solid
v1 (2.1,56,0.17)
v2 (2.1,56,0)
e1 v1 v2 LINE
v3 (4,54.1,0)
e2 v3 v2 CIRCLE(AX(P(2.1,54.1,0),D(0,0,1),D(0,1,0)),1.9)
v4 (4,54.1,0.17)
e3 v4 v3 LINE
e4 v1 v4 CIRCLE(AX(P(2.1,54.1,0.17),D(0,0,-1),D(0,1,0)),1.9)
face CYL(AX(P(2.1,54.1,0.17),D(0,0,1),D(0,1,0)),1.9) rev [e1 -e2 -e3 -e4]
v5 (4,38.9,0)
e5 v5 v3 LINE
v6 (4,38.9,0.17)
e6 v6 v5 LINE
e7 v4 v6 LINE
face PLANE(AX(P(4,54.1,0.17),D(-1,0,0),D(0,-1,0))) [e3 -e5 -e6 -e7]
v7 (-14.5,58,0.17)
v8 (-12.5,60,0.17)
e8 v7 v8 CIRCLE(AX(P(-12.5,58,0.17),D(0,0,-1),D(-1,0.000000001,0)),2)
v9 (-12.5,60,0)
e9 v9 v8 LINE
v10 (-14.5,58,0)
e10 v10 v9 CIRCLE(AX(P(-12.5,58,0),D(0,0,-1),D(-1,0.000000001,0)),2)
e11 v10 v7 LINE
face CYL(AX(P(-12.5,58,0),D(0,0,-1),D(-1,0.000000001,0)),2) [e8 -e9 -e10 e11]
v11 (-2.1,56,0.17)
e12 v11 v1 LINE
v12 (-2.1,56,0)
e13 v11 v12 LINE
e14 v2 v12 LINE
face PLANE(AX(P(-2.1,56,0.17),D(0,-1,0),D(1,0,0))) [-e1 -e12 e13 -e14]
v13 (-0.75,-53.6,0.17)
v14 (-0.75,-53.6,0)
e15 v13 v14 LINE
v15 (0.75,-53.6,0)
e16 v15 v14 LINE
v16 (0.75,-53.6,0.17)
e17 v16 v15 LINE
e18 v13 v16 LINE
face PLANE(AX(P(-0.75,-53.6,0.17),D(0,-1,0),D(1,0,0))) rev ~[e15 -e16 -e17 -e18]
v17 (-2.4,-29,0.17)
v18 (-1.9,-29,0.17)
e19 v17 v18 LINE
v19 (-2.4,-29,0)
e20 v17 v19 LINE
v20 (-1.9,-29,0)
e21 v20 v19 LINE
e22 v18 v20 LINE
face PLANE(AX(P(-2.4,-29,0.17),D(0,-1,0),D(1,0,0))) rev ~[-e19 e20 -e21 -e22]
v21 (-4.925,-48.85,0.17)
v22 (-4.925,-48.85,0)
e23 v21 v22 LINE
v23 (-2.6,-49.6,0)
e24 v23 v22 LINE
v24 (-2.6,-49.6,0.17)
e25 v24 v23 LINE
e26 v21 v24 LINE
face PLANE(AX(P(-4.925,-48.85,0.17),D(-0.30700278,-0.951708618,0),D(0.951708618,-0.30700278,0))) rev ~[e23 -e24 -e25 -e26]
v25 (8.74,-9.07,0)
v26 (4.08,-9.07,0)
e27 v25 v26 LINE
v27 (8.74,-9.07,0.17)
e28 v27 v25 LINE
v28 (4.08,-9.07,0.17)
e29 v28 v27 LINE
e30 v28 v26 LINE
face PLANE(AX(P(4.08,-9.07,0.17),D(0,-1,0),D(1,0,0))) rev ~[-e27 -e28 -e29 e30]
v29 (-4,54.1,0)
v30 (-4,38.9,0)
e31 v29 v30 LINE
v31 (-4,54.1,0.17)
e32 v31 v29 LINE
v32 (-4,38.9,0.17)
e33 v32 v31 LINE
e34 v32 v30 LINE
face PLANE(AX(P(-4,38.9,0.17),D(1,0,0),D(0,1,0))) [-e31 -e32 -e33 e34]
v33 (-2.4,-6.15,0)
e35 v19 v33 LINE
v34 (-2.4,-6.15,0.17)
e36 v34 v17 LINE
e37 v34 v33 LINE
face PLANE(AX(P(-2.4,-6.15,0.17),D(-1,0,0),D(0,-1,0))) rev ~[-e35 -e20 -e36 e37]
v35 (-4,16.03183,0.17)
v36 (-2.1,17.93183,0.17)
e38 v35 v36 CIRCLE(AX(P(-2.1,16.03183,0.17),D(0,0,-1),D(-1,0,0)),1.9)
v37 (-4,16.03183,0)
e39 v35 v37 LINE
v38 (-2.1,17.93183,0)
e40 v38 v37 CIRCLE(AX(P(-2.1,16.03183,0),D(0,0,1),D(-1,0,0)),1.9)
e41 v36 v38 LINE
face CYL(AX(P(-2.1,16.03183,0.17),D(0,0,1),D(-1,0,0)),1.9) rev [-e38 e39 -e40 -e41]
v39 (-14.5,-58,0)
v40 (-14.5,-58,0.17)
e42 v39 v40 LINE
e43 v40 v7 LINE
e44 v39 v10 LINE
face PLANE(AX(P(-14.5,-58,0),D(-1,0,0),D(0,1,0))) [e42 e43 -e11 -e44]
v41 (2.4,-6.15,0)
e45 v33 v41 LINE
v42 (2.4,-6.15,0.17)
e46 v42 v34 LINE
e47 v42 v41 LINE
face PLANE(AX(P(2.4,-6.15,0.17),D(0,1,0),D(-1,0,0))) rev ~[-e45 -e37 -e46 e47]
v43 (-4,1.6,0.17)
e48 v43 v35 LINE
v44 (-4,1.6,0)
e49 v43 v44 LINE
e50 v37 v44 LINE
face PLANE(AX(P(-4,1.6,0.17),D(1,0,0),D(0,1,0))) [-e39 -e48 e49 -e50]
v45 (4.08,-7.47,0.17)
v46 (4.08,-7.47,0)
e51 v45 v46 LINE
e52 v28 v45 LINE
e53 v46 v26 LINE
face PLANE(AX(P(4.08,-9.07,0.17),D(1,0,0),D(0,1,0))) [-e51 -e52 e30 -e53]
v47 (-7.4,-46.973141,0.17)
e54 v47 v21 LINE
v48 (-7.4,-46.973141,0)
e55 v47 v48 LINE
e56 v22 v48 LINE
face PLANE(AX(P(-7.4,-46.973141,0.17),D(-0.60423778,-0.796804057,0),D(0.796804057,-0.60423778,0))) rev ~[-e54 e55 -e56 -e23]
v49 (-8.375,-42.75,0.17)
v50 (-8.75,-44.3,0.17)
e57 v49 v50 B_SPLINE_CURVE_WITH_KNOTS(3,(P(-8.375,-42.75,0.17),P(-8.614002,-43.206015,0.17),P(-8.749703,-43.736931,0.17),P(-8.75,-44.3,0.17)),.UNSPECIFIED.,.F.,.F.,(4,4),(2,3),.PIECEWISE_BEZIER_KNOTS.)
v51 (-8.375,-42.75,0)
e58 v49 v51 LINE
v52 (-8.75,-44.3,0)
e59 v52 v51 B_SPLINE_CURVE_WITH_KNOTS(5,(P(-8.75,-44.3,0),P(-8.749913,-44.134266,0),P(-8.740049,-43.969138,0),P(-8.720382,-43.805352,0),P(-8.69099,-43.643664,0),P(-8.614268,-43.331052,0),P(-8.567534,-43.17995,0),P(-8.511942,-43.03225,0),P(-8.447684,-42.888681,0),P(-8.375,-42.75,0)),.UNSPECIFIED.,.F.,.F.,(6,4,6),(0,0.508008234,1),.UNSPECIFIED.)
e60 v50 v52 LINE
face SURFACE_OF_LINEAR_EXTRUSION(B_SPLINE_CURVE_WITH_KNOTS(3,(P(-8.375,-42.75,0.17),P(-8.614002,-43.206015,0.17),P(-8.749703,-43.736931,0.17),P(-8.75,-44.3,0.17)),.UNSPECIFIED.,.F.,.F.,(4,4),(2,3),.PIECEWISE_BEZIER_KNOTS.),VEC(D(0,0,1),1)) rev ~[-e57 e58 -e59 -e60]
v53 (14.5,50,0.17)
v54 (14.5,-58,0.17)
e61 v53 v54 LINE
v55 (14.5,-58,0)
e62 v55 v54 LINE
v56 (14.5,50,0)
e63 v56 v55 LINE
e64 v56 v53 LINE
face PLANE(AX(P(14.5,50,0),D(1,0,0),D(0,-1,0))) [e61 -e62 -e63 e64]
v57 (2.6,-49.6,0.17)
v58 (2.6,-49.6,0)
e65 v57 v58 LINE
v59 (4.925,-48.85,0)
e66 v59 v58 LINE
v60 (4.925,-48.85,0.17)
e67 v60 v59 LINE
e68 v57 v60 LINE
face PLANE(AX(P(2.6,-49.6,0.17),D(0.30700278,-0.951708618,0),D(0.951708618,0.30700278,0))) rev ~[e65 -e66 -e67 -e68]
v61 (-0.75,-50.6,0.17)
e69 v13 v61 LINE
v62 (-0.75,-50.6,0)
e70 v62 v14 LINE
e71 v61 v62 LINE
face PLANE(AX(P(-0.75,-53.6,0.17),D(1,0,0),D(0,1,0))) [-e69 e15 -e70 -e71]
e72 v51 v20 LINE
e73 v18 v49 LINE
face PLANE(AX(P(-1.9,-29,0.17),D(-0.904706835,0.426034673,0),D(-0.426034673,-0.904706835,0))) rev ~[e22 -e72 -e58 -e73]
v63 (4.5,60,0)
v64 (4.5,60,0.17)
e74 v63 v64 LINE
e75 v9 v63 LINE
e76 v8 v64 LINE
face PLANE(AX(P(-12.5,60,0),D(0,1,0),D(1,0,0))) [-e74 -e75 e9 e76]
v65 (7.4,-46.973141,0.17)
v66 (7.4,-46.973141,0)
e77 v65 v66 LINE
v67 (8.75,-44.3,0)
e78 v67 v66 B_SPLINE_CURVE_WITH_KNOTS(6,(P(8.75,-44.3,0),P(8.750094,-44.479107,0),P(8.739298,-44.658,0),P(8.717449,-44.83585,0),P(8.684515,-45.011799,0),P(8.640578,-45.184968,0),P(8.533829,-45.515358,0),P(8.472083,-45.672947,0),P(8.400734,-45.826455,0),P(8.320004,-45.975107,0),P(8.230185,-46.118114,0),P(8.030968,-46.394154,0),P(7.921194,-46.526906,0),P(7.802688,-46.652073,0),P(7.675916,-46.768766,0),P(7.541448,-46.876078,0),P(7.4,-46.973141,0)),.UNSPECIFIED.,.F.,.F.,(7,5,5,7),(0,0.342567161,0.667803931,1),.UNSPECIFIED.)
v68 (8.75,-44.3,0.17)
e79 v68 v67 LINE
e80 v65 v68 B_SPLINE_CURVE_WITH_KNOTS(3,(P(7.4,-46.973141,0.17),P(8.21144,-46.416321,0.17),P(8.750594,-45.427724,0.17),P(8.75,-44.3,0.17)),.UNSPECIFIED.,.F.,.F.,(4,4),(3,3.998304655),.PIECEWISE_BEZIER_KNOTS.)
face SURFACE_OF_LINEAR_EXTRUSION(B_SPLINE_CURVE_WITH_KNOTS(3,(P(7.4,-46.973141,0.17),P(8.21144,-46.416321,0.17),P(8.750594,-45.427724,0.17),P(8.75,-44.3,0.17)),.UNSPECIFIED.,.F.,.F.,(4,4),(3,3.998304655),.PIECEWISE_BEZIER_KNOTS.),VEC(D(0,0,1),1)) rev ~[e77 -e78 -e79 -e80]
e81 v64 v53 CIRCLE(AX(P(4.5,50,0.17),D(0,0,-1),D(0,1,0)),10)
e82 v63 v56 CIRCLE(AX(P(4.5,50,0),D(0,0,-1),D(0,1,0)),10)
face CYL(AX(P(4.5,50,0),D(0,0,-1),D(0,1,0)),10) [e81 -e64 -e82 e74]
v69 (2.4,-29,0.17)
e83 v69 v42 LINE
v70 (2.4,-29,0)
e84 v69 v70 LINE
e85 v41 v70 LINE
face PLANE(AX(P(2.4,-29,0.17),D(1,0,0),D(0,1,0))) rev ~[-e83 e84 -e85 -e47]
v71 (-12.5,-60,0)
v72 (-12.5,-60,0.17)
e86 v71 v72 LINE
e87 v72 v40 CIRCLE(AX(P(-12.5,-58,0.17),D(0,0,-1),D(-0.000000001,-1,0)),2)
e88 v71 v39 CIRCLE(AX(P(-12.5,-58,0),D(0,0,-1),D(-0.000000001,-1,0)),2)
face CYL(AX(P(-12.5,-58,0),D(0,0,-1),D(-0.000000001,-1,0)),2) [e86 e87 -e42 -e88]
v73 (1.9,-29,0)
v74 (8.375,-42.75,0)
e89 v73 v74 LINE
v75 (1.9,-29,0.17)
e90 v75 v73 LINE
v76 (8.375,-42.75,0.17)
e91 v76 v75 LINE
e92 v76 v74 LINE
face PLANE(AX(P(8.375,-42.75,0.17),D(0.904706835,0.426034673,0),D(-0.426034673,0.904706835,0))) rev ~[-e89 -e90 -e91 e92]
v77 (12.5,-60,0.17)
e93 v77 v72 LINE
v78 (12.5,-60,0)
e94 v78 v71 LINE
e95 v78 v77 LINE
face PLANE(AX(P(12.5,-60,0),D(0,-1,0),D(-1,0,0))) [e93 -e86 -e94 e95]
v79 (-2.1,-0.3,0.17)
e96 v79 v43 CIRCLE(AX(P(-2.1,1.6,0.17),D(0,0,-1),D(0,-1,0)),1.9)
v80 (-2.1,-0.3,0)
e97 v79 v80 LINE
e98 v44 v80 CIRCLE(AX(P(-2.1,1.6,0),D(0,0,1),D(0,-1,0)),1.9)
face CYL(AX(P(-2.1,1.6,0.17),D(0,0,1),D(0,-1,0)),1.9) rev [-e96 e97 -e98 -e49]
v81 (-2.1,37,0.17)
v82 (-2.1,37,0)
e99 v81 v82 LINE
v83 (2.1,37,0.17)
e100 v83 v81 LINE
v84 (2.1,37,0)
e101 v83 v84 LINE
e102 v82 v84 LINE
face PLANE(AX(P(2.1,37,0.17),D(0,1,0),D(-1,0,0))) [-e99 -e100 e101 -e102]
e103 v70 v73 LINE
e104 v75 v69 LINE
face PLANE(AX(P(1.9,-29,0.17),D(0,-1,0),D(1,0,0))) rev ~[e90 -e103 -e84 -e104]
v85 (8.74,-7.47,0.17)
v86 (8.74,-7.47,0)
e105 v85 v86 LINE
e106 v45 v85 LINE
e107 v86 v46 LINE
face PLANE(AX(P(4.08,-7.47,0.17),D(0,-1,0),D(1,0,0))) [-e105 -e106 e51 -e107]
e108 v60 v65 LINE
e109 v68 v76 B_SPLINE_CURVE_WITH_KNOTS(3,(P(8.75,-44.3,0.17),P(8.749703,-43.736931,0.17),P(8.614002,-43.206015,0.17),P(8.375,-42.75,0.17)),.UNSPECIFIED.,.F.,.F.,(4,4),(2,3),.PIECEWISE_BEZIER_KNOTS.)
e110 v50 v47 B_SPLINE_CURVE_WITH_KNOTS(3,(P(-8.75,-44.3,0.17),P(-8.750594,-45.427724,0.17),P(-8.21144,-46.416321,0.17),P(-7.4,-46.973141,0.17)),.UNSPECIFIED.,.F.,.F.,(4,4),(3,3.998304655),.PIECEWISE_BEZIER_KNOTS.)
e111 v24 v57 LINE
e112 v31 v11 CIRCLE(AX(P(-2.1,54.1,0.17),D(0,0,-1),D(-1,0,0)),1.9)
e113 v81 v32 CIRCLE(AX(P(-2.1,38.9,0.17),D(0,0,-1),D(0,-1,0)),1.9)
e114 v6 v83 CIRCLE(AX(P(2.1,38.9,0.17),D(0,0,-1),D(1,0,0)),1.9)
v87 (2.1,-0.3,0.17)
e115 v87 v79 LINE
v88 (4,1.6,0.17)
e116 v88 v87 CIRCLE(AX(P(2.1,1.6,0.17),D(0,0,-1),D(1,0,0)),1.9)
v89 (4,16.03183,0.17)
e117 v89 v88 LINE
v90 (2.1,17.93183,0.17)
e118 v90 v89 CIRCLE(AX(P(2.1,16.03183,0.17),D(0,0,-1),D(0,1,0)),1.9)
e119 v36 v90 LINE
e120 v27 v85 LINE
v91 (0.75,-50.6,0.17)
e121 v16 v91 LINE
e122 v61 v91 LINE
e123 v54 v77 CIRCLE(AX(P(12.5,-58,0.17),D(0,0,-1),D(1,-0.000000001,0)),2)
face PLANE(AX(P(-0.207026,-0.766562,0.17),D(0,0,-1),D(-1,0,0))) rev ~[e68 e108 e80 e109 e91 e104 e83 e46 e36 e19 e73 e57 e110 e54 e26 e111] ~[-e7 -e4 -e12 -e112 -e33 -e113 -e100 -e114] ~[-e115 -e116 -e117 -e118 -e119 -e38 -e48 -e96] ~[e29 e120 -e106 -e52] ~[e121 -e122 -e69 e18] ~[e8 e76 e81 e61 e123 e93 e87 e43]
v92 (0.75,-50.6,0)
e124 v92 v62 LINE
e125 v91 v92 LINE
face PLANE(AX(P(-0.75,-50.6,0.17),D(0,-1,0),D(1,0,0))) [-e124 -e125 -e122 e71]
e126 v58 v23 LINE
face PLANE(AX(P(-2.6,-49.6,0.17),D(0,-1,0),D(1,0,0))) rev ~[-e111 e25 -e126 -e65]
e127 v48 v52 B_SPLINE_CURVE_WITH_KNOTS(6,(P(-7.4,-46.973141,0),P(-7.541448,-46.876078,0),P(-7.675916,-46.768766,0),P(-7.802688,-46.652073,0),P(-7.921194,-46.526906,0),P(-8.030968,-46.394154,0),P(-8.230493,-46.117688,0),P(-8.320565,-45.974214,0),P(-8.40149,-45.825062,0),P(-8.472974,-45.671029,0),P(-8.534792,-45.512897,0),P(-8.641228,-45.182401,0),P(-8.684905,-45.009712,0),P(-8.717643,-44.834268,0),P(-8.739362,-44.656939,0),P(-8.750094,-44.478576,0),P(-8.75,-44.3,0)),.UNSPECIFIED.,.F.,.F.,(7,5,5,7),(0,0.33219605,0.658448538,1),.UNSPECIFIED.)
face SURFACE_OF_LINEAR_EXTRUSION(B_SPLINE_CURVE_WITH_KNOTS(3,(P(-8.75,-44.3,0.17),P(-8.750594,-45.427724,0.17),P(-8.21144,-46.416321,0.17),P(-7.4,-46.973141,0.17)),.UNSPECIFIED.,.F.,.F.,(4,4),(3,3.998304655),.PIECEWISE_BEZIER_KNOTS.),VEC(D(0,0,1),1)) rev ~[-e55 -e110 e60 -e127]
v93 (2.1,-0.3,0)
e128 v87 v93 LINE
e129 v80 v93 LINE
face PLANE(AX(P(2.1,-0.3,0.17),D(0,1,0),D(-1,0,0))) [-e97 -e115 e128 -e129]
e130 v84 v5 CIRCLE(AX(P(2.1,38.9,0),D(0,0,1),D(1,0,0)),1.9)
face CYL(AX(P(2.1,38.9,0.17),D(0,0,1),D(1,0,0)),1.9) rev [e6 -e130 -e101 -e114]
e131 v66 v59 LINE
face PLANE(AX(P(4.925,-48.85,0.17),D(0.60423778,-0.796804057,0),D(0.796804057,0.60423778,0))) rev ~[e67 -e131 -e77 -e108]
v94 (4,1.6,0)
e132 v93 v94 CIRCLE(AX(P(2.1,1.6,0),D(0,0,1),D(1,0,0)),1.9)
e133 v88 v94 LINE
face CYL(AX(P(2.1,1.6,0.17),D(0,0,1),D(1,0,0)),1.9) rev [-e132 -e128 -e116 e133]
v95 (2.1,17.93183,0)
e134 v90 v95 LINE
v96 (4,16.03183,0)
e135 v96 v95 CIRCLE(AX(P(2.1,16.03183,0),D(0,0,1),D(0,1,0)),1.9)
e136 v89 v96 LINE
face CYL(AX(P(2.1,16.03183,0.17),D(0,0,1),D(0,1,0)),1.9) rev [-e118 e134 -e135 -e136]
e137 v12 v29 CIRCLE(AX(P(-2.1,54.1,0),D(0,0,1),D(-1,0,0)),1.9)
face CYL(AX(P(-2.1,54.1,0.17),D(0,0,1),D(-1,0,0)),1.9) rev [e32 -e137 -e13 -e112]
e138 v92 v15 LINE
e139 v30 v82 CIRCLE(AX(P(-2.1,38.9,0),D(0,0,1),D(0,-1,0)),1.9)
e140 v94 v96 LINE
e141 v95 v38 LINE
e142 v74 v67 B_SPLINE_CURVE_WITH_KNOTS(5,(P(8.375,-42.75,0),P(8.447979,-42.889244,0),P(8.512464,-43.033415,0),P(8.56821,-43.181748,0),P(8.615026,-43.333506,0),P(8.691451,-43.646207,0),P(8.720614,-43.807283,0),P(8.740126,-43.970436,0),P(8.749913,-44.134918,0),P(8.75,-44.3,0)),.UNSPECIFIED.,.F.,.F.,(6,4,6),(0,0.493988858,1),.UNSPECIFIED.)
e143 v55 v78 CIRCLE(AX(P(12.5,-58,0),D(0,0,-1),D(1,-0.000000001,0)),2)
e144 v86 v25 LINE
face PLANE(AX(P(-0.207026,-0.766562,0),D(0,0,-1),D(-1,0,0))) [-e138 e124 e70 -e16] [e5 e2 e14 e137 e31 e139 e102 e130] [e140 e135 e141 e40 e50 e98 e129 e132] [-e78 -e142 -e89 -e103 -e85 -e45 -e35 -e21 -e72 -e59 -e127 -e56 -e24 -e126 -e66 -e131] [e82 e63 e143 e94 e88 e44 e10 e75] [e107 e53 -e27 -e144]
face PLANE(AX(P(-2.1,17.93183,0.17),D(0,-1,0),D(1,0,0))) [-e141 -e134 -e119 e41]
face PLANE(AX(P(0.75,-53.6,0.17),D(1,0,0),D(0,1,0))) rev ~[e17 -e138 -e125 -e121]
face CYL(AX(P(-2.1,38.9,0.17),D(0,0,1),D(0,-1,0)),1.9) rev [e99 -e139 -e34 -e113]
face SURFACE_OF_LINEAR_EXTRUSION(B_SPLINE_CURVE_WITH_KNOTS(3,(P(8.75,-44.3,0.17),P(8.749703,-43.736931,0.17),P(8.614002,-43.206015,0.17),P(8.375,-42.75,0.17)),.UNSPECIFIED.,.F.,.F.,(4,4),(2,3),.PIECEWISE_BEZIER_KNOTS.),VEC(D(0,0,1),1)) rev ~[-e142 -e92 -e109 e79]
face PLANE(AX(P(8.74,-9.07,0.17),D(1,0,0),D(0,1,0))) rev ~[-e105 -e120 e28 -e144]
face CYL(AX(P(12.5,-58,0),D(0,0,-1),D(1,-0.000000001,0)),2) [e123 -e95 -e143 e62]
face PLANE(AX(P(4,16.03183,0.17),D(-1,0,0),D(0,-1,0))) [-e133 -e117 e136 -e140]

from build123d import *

# Parameters (mm, degrees)
BOSS_EXTRUDE8_DEPTH = 0.17
SKETCH1_W           = 1.5
SKETCH1_H           = 3
SKETCH1_W_2         = 4.66
SKETCH1_H_2         = 1.6
CUT_EXTRUDE1_DEPTH  = 62.727456614


with BuildPart() as part:
    # Sketch13 → Boss-Extrude8 (new body)
    with BuildSketch(Plane.XY):
        with BuildLine():
            Line((-12.5, 60), (4.5, 60))
            ThreePointArc((4.5, 60), (11.571067812, 57.071067812), (14.5, 50))
            Line((14.5, 50), (14.5, -58))
            ThreePointArc((14.5, -58), (13.914213562, -59.414213562), (12.5, -60))
            Line((12.5, -60), (-12.5, -60))
            ThreePointArc((-12.5, -60), (-13.914213562, -59.414213562), (-14.5, -58))
            Line((-14.5, -58), (-14.5, 58))
            ThreePointArc((-14.5, 58), (-13.914213562, 59.414213562), (-12.5, 60))
        make_face()
    extrude(amount=BOSS_EXTRUDE8_DEPTH)

    # Sketch1 → Cut-Extrude1 (cut, through all)
    with BuildSketch(Plane.XY.offset(0.17)):
        with Locations((0, -52.1)):
            Rectangle(SKETCH1_W, SKETCH1_H)
        with Locations((6.41, -8.27)):
            Rectangle(SKETCH1_W_2, SKETCH1_H_2)
        with BuildLine():
            Line((-2.1, 56), (2.1, 56))
            ThreePointArc((2.1, 56), (3.443502884, 55.443502884), (4, 54.1))
            Line((4, 54.1), (4, 38.9))
            ThreePointArc((4, 38.9), (3.443502884, 37.556497116), (2.1, 37))
            Line((2.1, 37), (-2.1, 37))
            ThreePointArc((-2.1, 37), (-3.443502884, 37.556497116), (-4, 38.9))
            Line((-4, 38.9), (-4, 54.1))
            ThreePointArc((-4, 54.1), (-3.443502884, 55.443502884), (-2.1, 56))
        make_face()
        with BuildLine():
            Line((-2.1, 17.931829774), (2.1, 17.931829774))
            ThreePointArc((2.1, 17.931829774), (3.443502884, 17.375332658), (4, 16.031829774))
            Line((4, 16.031829774), (4, 1.6))
            ThreePointArc((4, 1.6), (3.443502884, 0.256497116), (2.1, -0.3))
            Line((2.1, -0.3), (-2.1, -0.3))
            ThreePointArc((-2.1, -0.3), (-3.443502884, 0.256497116), (-4, 1.6))
            Line((-4, 1.6), (-4, 16.031829774))
            ThreePointArc((-4, 16.031829774), (-3.443502884, 17.375332658), (-2.1, 17.931829774))
        make_face()
        with BuildLine():
            Line((2.4, -6.15), (-2.4, -6.15))
            Line((-2.4, -6.15), (-2.4, -29))
            Line((-2.4, -29), (-1.9, -29))
            Line((-1.9, -29), (-8.375, -42.75))
            add(Edge.make_bspline(
                [(-8.375, -42.75), (-8.614001568, -43.20601542), (-8.749703343, -43.736930638), (-8.75, -44.3)],
                knots=[2, 2, 2, 2, 3, 3, 3, 3], degree=3))
            add(Edge.make_bspline(
                [(-8.75, -44.3), (-8.75059415, -45.427724457), (-8.211440188, -46.416320927), (-7.4, -46.97314145)],
                knots=[3, 3, 3, 3, 3.998304655, 3.998304655, 3.998304655, 3.998304655], degree=3))
            Line((-7.4, -46.97314145), (-4.925, -48.85))
            Line((-4.925, -48.85), (-2.6, -49.6))
            Line((-2.6, -49.6), (2.6, -49.6))
            Line((2.6, -49.6), (4.925, -48.85))
            Line((4.925, -48.85), (7.4, -46.97314145))
            add(Edge.make_bspline(
                [(7.4, -46.97314145), (8.211440188, -46.416320927), (8.75059415, -45.427724457), (8.75, -44.3)],
                knots=[3, 3, 3, 3, 3.998304655, 3.998304655, 3.998304655, 3.998304655], degree=3))
            add(Edge.make_bspline(
                [(8.75, -44.3), (8.749703343, -43.736930638), (8.614001568, -43.20601542), (8.375, -42.75)],
                knots=[2, 2, 2, 2, 3, 3, 3, 3], degree=3))
            Line((8.375, -42.75), (1.9, -29))
            Line((1.9, -29), (2.4, -29))
            Line((2.4, -29), (2.4, -6.15))
        make_face()
    extrude(amount=-CUT_EXTRUDE1_DEPTH, mode=Mode.SUBTRACT)


solid = part.part
